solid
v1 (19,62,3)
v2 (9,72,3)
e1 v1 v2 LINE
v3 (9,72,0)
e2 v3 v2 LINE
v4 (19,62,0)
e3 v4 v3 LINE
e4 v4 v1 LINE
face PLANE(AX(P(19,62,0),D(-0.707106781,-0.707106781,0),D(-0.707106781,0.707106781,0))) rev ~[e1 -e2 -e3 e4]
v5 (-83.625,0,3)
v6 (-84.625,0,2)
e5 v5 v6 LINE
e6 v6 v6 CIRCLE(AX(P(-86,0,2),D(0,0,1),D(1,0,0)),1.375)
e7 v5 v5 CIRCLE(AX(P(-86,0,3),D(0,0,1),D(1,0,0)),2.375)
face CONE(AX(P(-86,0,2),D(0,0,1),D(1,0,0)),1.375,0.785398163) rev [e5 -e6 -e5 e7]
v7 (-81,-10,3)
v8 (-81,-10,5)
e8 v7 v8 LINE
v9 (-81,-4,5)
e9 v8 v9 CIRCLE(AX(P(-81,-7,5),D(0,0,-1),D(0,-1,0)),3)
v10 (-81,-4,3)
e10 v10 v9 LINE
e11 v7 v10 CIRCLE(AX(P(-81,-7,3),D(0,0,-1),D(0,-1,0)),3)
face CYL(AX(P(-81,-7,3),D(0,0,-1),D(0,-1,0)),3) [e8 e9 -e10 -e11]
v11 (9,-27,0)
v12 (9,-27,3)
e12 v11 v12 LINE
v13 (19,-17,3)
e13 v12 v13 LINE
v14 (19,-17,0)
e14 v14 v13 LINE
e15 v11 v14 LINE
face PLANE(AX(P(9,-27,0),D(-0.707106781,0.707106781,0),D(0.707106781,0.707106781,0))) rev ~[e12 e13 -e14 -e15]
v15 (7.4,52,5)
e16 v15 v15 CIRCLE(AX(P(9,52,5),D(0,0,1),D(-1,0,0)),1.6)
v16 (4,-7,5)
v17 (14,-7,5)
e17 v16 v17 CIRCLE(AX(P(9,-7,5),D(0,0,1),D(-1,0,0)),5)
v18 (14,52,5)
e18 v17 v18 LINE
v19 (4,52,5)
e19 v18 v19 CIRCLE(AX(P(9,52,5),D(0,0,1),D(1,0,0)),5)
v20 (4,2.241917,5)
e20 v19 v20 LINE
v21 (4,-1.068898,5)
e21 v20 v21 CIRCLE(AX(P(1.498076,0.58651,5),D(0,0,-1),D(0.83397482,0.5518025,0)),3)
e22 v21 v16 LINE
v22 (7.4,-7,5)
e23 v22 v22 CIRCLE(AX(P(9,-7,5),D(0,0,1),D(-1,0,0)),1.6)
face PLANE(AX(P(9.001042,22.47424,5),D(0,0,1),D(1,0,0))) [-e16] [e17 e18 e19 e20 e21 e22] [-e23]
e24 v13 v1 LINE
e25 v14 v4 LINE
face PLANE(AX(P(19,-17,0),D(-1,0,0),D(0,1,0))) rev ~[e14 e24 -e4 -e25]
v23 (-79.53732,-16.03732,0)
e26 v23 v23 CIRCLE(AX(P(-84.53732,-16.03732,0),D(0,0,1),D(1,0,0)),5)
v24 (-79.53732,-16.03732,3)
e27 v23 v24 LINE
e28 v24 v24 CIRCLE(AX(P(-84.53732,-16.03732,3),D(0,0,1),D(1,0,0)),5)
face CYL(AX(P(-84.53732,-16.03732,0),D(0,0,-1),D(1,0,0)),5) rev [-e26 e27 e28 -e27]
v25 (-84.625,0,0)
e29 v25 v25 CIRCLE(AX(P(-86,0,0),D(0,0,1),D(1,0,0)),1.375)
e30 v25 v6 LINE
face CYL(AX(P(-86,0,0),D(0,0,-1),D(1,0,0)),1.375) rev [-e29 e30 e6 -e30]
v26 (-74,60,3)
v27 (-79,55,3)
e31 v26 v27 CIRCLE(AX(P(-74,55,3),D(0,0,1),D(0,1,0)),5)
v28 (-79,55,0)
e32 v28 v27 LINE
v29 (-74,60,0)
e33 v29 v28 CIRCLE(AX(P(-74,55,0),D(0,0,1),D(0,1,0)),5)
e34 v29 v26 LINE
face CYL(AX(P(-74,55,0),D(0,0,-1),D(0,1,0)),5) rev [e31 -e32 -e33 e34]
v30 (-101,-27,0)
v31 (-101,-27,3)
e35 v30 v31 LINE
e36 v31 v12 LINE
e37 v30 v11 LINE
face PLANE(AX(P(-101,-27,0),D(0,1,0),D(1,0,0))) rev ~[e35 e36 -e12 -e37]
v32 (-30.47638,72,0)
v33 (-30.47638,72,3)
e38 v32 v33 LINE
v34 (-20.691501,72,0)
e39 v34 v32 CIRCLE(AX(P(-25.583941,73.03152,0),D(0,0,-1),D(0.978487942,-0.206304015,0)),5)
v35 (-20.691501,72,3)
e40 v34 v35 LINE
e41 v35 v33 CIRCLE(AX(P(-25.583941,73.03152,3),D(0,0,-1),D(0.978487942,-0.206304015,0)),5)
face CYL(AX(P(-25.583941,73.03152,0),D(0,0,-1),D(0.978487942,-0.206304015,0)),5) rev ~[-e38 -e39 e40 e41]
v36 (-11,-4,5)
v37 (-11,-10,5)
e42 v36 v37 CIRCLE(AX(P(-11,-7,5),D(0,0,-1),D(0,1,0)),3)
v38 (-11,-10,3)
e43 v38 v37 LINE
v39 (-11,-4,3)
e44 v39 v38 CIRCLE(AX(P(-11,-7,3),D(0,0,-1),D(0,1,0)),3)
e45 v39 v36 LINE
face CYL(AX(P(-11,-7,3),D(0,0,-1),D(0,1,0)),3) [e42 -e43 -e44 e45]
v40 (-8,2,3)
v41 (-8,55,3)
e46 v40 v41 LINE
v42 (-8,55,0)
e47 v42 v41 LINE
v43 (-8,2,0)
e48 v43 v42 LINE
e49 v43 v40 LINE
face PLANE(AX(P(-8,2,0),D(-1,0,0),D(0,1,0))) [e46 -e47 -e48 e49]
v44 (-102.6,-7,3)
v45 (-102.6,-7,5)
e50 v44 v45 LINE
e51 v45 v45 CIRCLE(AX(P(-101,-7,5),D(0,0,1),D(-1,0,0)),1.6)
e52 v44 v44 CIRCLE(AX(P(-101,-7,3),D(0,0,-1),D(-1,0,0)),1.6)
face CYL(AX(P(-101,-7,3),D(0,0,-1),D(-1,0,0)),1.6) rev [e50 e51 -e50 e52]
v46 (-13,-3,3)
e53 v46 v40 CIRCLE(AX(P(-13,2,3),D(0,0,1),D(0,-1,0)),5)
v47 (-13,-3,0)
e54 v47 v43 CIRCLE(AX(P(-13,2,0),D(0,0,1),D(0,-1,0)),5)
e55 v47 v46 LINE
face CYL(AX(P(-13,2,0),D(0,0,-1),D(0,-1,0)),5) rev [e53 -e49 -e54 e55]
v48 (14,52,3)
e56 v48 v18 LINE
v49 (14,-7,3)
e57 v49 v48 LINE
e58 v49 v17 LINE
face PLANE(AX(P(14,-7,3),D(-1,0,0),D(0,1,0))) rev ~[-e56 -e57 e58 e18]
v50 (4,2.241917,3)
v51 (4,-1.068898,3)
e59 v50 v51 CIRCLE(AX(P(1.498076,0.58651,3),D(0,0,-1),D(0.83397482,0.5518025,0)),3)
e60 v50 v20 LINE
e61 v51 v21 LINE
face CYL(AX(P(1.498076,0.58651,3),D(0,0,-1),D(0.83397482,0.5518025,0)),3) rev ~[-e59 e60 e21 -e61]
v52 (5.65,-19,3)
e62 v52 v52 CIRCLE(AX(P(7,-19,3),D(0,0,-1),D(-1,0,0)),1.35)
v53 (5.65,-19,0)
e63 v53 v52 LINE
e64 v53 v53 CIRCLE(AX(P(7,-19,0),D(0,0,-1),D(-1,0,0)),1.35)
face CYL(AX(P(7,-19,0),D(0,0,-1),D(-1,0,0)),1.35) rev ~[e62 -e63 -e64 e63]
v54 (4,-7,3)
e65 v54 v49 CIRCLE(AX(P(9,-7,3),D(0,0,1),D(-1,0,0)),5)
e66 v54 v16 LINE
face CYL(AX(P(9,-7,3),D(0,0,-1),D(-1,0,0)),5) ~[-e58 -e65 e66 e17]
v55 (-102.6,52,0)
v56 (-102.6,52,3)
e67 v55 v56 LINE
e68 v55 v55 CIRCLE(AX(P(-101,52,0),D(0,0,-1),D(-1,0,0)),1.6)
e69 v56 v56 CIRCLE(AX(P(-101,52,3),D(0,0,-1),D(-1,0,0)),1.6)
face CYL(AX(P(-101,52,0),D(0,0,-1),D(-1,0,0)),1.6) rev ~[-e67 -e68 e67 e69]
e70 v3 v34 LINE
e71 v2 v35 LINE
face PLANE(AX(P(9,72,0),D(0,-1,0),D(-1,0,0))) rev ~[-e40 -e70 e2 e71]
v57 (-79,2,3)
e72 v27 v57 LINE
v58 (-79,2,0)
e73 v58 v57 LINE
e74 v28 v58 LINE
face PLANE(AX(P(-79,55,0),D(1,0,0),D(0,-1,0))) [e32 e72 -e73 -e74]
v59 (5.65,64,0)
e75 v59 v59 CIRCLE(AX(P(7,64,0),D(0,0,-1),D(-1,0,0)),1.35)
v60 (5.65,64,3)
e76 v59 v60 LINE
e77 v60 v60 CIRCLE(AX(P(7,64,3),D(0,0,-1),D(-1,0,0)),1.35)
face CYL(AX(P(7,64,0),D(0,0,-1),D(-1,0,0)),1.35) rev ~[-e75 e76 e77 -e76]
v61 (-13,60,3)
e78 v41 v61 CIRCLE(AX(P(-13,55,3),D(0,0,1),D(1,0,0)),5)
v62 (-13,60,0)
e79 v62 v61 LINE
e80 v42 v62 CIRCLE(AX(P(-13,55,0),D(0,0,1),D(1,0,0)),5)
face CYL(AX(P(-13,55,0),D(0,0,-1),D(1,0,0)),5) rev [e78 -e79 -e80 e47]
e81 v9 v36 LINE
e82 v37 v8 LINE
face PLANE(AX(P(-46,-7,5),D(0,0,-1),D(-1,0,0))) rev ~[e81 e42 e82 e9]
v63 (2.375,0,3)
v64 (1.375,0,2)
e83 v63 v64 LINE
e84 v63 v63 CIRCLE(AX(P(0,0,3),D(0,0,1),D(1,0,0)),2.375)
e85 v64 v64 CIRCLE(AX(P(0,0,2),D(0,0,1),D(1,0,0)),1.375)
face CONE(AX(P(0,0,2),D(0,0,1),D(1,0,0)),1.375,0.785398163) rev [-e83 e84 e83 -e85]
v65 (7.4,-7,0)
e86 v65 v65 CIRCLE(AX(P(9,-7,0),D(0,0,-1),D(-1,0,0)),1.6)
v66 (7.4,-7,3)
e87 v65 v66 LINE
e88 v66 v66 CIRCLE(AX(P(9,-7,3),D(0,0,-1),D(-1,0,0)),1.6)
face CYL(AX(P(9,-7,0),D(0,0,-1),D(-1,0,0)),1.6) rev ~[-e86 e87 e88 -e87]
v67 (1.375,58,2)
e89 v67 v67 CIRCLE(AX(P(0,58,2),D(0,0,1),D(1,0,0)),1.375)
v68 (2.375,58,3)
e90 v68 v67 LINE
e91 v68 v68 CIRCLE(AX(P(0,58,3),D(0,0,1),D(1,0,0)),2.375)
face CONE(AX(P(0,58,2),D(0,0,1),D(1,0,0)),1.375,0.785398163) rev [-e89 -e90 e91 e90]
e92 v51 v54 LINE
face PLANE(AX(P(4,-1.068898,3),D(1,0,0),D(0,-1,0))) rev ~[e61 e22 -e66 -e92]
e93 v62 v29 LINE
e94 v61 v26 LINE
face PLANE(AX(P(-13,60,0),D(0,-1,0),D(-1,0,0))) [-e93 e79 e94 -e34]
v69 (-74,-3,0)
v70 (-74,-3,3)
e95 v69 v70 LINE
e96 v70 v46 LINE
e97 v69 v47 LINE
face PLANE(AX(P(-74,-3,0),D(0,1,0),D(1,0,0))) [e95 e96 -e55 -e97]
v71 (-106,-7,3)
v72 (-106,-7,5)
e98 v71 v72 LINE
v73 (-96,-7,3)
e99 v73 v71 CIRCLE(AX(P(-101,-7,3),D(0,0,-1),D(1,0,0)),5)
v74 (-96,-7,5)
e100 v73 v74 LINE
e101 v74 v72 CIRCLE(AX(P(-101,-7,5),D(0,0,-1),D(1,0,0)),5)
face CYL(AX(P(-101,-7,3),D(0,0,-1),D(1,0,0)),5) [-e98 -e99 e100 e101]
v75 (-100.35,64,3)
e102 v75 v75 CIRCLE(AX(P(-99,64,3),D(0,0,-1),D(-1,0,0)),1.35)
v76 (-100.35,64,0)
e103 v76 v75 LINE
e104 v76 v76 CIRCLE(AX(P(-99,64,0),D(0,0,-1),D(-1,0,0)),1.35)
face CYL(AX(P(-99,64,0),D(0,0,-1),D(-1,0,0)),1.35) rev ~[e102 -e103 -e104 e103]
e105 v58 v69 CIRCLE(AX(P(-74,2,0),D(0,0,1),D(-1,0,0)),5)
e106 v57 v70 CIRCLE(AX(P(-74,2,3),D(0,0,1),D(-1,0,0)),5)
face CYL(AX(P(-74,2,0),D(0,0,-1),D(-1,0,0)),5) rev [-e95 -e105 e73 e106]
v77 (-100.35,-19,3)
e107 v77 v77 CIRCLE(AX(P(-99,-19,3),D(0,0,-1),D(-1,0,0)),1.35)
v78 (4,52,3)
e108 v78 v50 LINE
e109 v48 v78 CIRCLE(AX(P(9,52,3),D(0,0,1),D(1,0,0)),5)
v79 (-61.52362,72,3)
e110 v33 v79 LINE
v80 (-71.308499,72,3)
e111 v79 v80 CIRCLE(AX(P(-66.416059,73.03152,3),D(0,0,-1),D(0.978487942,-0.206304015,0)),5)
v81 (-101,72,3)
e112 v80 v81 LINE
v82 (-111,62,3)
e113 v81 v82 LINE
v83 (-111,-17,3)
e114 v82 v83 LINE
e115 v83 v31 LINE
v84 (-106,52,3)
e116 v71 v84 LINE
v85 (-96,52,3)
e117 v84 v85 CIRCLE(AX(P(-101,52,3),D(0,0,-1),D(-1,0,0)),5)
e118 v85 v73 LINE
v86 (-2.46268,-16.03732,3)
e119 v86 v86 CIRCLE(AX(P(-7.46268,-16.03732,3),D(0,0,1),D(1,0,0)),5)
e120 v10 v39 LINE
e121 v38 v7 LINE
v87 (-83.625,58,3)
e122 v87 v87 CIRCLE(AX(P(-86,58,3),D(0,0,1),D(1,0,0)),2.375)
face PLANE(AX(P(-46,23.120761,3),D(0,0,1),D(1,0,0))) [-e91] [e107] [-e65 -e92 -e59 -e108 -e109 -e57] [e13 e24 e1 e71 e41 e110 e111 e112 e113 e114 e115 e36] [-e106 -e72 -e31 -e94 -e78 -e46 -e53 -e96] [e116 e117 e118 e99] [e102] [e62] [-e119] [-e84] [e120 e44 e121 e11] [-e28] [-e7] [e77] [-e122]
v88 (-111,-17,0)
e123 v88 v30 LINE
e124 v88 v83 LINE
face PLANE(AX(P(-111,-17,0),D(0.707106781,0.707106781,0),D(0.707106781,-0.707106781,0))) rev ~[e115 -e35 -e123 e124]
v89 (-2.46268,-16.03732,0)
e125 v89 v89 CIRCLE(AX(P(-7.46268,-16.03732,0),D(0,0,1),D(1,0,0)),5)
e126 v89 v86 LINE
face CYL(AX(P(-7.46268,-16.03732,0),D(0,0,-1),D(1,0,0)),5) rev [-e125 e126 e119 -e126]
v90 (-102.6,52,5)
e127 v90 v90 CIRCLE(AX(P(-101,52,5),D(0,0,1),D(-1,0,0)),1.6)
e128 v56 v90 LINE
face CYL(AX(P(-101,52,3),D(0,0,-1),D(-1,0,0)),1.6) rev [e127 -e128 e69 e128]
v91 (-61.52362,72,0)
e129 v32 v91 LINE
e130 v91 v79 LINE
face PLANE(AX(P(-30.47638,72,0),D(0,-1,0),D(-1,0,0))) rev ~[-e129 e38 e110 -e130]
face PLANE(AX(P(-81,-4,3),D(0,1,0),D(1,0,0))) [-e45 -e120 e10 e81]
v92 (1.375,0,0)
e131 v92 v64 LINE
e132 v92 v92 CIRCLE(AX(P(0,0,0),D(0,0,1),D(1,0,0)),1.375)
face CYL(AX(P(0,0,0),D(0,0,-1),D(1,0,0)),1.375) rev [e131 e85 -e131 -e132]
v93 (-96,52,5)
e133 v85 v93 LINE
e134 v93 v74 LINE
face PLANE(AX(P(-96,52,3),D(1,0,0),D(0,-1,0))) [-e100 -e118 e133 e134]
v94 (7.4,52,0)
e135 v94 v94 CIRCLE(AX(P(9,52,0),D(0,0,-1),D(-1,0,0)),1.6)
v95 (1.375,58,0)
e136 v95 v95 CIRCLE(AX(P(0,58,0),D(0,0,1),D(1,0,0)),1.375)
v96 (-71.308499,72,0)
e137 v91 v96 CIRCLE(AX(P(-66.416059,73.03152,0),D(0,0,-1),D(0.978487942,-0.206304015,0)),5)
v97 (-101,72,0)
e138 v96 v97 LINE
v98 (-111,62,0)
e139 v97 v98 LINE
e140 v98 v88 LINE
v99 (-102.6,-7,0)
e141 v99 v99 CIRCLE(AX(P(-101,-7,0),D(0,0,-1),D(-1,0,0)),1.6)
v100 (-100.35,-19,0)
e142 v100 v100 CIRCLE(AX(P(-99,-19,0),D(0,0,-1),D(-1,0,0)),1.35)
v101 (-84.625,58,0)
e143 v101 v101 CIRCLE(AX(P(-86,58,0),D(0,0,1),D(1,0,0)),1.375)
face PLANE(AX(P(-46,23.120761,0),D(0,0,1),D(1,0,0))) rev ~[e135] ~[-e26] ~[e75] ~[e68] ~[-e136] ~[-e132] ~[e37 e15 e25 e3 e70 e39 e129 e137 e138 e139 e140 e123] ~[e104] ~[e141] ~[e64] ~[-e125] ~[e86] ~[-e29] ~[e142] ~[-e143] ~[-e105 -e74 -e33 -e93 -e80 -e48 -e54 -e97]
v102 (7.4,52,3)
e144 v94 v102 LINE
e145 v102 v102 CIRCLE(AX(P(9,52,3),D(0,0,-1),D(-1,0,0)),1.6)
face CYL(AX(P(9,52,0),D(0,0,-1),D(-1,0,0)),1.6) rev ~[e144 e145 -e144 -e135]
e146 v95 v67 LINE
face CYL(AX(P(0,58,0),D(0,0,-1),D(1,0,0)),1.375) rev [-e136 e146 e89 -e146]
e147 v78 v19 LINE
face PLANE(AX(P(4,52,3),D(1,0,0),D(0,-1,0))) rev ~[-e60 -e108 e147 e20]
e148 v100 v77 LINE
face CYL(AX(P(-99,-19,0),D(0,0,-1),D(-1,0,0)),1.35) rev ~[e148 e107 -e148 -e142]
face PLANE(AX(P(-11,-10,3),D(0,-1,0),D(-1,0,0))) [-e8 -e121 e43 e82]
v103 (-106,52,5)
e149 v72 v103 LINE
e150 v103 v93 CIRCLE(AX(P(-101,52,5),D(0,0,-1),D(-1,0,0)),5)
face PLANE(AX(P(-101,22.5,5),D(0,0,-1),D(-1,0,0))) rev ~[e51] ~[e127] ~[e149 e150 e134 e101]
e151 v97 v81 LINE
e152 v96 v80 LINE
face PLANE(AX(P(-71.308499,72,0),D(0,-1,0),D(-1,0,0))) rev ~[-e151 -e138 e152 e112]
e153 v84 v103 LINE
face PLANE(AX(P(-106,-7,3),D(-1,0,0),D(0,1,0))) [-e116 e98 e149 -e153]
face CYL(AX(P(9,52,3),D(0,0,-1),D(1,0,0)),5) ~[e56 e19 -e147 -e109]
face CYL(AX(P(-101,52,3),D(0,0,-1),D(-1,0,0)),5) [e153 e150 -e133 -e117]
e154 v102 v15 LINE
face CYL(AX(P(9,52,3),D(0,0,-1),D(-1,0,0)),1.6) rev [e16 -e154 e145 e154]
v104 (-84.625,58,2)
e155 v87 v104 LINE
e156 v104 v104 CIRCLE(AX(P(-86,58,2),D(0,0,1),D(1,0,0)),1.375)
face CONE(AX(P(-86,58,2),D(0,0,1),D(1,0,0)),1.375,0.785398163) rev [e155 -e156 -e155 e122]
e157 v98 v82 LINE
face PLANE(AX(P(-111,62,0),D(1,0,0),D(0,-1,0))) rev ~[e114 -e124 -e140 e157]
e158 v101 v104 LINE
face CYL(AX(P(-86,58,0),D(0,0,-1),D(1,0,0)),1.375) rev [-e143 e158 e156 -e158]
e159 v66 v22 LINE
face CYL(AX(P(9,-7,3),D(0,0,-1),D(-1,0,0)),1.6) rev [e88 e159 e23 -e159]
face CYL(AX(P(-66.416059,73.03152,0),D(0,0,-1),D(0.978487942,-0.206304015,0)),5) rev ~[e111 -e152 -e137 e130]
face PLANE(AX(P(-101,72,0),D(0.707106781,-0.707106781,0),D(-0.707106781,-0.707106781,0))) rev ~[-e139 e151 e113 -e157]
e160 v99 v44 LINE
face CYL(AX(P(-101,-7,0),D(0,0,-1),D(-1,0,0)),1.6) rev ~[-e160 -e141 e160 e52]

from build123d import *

# Parameters (mm, degrees)
SKETCH1_R          = 1.375
SKETCH1_R_2        = 5
EXTRUDE1_DEPTH     = 3
SKETCH2_R          = 1.6
CUT_EXTRUDE1_DEPTH = 3
SKETCH3_R          = 1.6
EXTRUDE2_DEPTH     = 2
EXTRUDE3_DEPTH     = 2
SKETCH5_R          = 1.35
CUT_EXTRUDE2_DEPTH = 5
CHAMFER1_SIZE      = 1


with BuildPart() as part:
    # Sketch1 → Extrude1 (new body)
    with BuildSketch(Plane.XY):
        with BuildLine():
            Line((9, 72), (-20.691500947, 72))
            ThreePointArc((-20.691500947, 72), (-25.583940659, 68.031520074), (-30.476380371, 72))
            Line((-30.476380371, 72), (-61.523619629, 72))
            ThreePointArc((-61.523619629, 72), (-66.416059341, 68.031520074), (-71.308499053, 72))
            Line((-71.308499053, 72), (-101, 72))
            Line((-101, 72), (-111, 62))
            Line((-111, 62), (-111, -17))
            Line((-111, -17), (-101, -27))
            Line((-101, -27), (9, -27))
            Line((9, -27), (19, -17))
            Line((19, -17), (19, 62))
            Line((19, 62), (9, 72))
        make_face()
        with Locations((-86, 0)):
            Circle(SKETCH1_R, mode=Mode.SUBTRACT)
        with Locations((-86, 58)):
            Circle(SKETCH1_R, mode=Mode.SUBTRACT)
        Circle(SKETCH1_R, mode=Mode.SUBTRACT)
        with Locations((0, 58)):
            Circle(SKETCH1_R, mode=Mode.SUBTRACT)
        with Locations((-7.462680425, -16.037319575)):
            Circle(SKETCH1_R_2, mode=Mode.SUBTRACT)
        with Locations((-84.537319575, -16.037319575)):
            Circle(SKETCH1_R_2, mode=Mode.SUBTRACT)
    extrude(amount=EXTRUDE1_DEPTH)

    # Sketch2 → Cut-Extrude1 (cut)
    with BuildSketch(Plane(origin=(0, 0, 0), x_dir=(-1, 0, 0), z_dir=(0, 0, -1))):
        with Locations((-9, 52)):
            Circle(SKETCH2_R)
        with Locations((-9, -7)):
            Circle(SKETCH2_R)
        with Locations((101, 52)):
            Circle(SKETCH2_R)
        with Locations((101, -7)):
            Circle(SKETCH2_R)
        with BuildLine():
            Line((13, 60), (74, 60))
            ThreePointArc((74, 60), (77.535533906, 58.535533906), (79, 55))
            Line((79, 55), (79, 2))
            ThreePointArc((79, 2), (77.535533906, -1.535533906), (74, -3))
            Line((74, -3), (13, -3))
            ThreePointArc((13, -3), (9.464466094, -1.535533906), (8, 2))
            Line((8, 2), (8, 55))
            ThreePointArc((8, 55), (9.464466094, 58.535533906), (13, 60))
        make_face()
    extrude(amount=-CUT_EXTRUDE1_DEPTH, mode=Mode.SUBTRACT)

    # Sketch3 → Extrude2 (add)
    # profile 1 of 2: a face of its own
    with BuildSketch(Plane.XY.offset(3)):
        with BuildLine():
            Line((4, -1.068897687), (4, -7))
            ThreePointArc((4, -7), (9, -12), (14, -7))
            Line((14, -7), (14, 52))
            ThreePointArc((14, 52), (9, 57), (4, 52))
            Line((4, 52), (4, 2.241917312))
            ThreePointArc((4, 2.241917312), (4.498075539, 0.586509812), (4, -1.068897687))
        make_face()
        with Locations(Location((9, -7, 0), (0, 0, 180))):
            Circle(SKETCH3_R, mode=Mode.SUBTRACT)
        with Locations(Location((9, 52, 0), (0, 0, 180))):
            Circle(SKETCH3_R, mode=Mode.SUBTRACT)
    # profile 2 of 2: a face of its own
    with BuildSketch(Plane.XY.offset(3)):
        with BuildLine():
            Line((-96, 52), (-96, -7))
            ThreePointArc((-96, -7), (-101, -12), (-106, -7))
            Line((-106, -7), (-106, 52))
            ThreePointArc((-106, 52), (-101, 57), (-96, 52))
        make_face()
        with Locations(Location((-101, -7, 0), (0, 0, 180))):
            Circle(SKETCH3_R, mode=Mode.SUBTRACT)
        with Locations(Location((-101, 52, 0), (0, 0, 180))):
            Circle(SKETCH3_R, mode=Mode.SUBTRACT)
    extrude(amount=EXTRUDE2_DEPTH)

    # Sketch4 → Extrude3 (add)
    with BuildSketch(Plane.XY.offset(3)):
        with BuildLine():
            Line((-11, -10), (-81, -10))
            ThreePointArc((-81, -10), (-84, -7), (-81, -4))
            Line((-81, -4), (-11, -4))
            ThreePointArc((-11, -4), (-8, -7), (-11, -10))
        make_face()
    extrude(amount=EXTRUDE3_DEPTH)

    # Sketch5 → Cut-Extrude2 (cut)
    with BuildSketch(Plane(origin=(0, 0, 0), x_dir=(-1, 0, 0), z_dir=(0, 0, -1))):
        with Locations((-7, 64)):
            Circle(SKETCH5_R)
        with Locations((99, 64)):
            Circle(SKETCH5_R)
        with Locations((99, -19)):
            Circle(SKETCH5_R)
        with Locations((-7, -19)):
            Circle(SKETCH5_R)
    extrude(amount=-CUT_EXTRUDE2_DEPTH, mode=Mode.SUBTRACT)

    # Chamfer1
    chamfer1_edges = [part.edges().sort_by_distance(p)[0] for p in [
        (-87.375, 0, 3),
        (-87.375, 58, 3),
        (-1.375, 0, 3),
        (-1.375, 58, 3),
    ]]
    chamfer(chamfer1_edges, length=CHAMFER1_SIZE)


solid = part.part
